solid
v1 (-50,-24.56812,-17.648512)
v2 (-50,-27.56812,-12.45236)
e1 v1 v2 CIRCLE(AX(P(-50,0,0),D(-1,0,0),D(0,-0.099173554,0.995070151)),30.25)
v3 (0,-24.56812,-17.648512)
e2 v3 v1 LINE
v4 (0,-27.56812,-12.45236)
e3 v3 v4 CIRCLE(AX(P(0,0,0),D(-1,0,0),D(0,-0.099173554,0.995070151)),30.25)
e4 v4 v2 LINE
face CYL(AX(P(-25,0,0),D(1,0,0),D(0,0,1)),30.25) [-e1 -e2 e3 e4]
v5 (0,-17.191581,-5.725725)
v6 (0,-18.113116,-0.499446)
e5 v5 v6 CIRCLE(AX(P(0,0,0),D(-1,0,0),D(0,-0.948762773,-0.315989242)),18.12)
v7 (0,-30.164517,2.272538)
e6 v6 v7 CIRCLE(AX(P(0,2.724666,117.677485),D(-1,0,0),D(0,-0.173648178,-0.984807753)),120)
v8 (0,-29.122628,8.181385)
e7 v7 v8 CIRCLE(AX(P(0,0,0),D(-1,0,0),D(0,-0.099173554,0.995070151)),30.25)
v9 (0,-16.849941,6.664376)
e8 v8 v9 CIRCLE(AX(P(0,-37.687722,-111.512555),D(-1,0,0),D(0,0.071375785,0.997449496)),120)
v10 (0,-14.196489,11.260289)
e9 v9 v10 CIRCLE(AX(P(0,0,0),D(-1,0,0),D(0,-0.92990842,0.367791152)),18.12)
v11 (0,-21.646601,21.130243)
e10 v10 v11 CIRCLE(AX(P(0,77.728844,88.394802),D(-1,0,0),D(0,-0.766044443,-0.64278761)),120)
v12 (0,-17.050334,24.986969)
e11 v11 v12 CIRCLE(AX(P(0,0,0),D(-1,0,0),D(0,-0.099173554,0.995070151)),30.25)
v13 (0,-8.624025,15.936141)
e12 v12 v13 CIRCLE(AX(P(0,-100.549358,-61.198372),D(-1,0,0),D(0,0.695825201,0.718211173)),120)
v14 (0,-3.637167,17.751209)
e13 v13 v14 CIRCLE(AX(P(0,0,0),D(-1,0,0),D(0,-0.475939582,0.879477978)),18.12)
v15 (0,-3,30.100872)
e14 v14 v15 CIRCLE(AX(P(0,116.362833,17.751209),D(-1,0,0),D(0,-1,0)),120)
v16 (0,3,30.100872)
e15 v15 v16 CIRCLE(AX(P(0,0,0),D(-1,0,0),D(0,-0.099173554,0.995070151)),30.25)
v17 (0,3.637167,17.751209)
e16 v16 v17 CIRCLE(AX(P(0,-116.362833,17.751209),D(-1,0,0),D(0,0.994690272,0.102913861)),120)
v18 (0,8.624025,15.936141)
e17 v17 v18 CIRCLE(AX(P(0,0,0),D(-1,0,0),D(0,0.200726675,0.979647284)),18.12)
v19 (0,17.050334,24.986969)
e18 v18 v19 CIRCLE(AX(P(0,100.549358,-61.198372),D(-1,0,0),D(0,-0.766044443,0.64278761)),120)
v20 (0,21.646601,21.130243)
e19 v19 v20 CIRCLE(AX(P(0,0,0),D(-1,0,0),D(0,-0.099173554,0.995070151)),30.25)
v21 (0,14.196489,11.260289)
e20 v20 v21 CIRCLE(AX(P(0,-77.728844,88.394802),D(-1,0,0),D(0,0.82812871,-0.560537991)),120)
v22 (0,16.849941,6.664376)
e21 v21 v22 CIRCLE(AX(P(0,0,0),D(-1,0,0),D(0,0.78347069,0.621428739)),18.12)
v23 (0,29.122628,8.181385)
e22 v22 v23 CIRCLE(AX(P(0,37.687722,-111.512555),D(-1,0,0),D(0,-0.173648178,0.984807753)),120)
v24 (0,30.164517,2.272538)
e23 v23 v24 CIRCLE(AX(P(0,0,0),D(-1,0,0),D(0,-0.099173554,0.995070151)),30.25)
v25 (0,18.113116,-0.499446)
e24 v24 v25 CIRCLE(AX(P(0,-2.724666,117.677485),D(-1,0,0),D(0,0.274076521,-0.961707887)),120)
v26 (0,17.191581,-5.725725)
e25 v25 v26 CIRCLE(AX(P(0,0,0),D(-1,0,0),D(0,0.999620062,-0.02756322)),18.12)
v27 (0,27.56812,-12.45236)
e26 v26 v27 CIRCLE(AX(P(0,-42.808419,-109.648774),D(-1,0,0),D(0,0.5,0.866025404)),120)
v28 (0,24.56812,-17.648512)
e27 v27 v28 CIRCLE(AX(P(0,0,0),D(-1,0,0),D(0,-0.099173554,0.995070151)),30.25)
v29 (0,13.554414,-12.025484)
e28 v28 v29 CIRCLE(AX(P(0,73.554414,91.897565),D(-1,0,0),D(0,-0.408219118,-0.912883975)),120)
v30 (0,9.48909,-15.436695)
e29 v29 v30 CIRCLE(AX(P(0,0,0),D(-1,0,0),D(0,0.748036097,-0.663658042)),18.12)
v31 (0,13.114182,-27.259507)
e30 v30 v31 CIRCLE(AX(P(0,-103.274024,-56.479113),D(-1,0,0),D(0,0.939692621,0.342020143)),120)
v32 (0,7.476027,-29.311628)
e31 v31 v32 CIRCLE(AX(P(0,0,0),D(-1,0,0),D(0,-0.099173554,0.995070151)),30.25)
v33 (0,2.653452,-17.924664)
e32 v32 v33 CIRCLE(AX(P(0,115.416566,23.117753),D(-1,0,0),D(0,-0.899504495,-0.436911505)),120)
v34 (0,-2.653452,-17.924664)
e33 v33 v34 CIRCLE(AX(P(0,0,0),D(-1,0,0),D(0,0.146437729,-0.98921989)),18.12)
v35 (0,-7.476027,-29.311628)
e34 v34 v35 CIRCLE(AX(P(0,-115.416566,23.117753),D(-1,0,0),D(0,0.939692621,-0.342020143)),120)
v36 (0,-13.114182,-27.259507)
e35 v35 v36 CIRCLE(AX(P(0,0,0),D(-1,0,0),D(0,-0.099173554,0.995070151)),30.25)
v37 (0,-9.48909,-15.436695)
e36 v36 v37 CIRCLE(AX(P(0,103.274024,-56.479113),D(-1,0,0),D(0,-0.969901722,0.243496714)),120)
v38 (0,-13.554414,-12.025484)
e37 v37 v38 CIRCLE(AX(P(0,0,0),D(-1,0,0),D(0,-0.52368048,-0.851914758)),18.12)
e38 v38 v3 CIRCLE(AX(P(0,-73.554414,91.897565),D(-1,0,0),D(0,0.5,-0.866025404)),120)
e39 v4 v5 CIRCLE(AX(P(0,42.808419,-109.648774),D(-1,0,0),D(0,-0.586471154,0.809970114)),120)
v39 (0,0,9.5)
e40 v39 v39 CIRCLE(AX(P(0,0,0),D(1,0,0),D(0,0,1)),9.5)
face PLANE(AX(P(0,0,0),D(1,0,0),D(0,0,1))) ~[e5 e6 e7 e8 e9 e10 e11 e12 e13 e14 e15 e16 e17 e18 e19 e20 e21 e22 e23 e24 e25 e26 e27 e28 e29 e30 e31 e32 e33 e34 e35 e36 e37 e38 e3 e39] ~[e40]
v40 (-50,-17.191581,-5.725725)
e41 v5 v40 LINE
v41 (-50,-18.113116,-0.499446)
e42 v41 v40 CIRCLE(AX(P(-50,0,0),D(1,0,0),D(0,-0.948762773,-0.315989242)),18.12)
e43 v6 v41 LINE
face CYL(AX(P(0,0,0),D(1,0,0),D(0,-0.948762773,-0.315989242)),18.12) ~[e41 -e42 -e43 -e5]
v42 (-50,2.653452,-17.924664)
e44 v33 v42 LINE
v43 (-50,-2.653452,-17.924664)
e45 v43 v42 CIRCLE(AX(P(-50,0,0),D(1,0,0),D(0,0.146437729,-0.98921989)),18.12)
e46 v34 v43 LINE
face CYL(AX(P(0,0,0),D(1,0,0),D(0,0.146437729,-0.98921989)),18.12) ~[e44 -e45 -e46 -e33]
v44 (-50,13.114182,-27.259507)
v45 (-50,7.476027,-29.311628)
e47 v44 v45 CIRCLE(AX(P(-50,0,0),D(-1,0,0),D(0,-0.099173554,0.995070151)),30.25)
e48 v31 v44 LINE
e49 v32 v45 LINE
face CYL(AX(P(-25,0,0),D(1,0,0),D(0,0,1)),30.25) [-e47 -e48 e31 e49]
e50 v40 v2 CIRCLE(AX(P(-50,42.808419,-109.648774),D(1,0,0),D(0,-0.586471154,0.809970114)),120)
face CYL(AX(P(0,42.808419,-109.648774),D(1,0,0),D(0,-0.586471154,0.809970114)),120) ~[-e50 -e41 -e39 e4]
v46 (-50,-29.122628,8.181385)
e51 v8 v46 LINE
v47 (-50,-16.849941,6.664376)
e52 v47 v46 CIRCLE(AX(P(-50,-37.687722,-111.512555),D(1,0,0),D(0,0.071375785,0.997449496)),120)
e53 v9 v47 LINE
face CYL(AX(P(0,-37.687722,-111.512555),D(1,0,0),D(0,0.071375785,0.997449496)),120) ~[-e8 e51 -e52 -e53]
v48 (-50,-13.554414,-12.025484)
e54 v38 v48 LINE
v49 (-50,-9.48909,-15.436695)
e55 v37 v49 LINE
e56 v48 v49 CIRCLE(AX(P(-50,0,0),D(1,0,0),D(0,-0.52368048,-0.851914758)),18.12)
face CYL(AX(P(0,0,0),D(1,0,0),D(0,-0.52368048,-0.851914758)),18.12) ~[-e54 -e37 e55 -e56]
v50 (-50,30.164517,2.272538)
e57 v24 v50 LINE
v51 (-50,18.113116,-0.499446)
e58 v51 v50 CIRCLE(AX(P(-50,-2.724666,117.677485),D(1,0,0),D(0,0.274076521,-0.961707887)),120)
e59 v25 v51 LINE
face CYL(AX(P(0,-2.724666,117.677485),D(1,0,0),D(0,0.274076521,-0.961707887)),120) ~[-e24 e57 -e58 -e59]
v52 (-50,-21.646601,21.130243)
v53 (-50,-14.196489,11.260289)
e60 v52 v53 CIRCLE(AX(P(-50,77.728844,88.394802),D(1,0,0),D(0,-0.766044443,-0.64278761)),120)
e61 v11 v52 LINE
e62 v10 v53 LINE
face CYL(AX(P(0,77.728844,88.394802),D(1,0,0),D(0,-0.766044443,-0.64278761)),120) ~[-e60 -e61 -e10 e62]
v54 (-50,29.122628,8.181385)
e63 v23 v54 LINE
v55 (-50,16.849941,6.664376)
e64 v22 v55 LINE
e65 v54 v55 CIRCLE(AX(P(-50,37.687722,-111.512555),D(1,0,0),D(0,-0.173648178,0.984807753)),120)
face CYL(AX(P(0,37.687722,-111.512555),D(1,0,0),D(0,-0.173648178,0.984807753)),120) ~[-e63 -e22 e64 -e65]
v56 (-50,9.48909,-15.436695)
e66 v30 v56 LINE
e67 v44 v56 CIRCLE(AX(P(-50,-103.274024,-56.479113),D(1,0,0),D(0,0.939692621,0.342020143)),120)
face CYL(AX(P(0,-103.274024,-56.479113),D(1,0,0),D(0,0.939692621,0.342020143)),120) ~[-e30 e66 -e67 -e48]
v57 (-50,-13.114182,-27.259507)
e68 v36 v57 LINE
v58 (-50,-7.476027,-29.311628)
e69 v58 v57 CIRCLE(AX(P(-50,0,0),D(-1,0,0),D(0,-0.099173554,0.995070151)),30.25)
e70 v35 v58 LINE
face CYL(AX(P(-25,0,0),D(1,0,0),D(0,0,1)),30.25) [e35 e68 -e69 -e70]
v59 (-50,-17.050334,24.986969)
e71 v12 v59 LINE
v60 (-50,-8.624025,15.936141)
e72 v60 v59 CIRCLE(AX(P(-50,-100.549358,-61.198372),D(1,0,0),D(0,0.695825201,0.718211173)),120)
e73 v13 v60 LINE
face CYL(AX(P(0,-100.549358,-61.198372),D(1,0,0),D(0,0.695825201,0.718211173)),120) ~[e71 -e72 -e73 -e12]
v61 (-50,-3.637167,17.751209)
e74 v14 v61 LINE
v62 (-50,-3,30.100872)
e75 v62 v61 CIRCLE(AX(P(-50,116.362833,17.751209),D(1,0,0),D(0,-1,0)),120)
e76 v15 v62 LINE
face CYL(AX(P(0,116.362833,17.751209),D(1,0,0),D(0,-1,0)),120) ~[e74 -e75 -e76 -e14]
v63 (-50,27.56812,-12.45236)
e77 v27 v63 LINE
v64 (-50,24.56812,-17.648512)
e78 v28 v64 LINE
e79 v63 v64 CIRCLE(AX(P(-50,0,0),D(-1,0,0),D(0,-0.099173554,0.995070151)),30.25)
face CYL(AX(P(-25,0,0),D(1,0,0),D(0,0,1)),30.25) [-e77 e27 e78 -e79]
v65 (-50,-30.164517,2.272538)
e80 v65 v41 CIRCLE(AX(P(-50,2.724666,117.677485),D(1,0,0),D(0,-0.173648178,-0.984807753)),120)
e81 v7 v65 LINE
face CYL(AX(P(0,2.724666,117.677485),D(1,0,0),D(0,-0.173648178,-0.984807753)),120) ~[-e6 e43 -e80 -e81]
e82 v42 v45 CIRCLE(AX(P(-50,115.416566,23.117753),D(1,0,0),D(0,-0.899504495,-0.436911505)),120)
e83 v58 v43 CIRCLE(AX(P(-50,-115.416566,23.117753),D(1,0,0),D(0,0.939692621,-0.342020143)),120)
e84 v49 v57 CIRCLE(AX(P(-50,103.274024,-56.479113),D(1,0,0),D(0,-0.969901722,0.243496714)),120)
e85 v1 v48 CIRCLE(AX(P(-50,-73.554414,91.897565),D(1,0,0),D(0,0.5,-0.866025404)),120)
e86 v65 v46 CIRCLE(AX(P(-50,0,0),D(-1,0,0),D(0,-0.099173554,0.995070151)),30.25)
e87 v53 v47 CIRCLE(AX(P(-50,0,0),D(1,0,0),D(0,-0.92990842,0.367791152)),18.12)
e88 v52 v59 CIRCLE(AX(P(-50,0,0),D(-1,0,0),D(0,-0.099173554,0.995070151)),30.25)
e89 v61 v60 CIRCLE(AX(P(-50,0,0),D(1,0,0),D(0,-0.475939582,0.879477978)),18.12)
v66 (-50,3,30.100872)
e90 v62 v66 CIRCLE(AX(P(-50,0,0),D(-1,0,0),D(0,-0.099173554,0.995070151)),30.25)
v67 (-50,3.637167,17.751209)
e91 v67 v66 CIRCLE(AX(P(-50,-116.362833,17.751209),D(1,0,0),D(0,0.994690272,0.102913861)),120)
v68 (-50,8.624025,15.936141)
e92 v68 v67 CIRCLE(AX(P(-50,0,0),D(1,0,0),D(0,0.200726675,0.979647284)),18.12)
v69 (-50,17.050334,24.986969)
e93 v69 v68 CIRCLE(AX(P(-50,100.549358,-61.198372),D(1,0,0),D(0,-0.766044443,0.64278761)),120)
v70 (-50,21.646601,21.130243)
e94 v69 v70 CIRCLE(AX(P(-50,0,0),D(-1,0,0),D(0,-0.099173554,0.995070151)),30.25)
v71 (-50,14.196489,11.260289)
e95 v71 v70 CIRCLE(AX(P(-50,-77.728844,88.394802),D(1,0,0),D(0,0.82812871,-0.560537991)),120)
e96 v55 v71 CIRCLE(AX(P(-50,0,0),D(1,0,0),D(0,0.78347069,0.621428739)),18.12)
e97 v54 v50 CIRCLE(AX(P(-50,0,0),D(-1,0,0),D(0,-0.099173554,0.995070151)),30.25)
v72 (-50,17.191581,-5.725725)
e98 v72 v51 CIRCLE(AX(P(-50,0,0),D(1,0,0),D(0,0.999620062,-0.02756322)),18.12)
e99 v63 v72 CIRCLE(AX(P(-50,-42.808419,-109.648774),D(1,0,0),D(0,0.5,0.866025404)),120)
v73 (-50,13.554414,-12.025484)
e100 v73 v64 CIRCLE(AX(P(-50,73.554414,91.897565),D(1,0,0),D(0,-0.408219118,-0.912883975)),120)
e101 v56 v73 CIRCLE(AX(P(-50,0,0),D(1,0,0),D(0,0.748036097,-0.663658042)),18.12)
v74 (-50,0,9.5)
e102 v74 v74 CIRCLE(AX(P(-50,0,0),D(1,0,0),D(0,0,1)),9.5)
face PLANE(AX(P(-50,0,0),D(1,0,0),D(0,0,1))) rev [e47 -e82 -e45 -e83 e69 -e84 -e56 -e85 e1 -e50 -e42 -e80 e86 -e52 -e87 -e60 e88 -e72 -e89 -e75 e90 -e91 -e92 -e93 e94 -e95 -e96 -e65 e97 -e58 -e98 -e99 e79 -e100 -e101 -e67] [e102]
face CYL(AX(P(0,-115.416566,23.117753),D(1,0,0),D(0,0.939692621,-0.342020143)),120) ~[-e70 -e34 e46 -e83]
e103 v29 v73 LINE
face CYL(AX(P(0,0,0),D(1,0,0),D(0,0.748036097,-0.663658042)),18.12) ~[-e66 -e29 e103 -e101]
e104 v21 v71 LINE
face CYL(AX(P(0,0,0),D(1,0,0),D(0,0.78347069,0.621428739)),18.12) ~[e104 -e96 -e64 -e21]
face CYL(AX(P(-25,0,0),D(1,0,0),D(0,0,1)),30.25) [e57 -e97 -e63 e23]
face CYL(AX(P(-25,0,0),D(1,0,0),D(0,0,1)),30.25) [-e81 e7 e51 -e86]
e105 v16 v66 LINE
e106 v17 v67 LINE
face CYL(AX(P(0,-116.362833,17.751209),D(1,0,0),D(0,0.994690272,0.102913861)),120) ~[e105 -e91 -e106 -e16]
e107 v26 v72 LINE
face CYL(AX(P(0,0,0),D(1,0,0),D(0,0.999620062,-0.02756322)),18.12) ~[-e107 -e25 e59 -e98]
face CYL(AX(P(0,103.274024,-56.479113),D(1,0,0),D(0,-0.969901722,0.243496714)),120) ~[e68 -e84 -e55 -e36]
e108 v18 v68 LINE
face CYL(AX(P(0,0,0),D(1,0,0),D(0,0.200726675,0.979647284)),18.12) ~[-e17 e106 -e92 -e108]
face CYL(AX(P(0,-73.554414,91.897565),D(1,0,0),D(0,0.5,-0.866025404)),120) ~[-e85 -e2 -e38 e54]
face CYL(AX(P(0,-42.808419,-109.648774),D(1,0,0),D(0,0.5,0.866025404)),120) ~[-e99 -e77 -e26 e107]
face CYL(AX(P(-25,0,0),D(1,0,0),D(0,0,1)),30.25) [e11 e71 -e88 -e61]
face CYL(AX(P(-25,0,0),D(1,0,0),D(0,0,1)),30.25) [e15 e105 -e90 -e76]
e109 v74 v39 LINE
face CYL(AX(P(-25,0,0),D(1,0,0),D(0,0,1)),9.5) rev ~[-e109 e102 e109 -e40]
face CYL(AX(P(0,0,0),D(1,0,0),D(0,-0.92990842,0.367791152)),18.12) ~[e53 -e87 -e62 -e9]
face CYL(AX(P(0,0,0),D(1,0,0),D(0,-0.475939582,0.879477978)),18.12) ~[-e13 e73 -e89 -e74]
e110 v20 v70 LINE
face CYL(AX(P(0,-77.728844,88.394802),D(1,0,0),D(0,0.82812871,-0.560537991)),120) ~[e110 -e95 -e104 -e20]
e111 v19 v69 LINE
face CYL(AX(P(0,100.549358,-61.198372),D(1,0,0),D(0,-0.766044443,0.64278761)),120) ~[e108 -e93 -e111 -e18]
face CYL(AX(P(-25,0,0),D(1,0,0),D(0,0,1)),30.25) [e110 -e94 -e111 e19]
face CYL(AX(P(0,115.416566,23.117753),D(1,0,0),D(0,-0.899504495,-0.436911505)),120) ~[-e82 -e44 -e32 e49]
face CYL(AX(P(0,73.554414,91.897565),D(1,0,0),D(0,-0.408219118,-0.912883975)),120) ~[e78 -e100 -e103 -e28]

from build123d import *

# Parameters (mm, degrees)
F0_W     = 50
F0_H     = 20.75
F3_DEPTH = 50.001
F4_COUNT = 9


with BuildPart() as f1:
    # F0 (on Front) → F1 (revolve)
    with BuildSketch(Plane.XZ):
        with Locations((-25, 19.875)):
            Rectangle(F0_W, F0_H)
    revolve(axis=Axis((-20.0732499361, 0, 0), (1, 0, 0)))

    # F2 (on face) → F3 (cut, through all)
    with BuildSketch(Plane.YZ):
        with BuildLine():
            ThreePointArc((-8.6240252272, 15.9361409658), (-6.1974049971, 17.0272302886), (-3.6371673564, 17.7512087932))
            ThreePointArc((-3.6371673564, 17.7512087932), (-3.4777696522, 23.9342534629), (-3, 30.1008720804))
            ThreePointArc((-3, 30.1008720804), (-10.3461093356, 28.4257017788), (-17.0503342847, 24.9869686193))
            ThreePointArc((-17.0503342847, 24.9869686193), (-12.7205154565, 20.5701691072), (-8.6240252272, 15.9361409658))
        make_face()
    f3 = extrude(amount=-F3_DEPTH, mode=Mode.SUBTRACT)

    # F4: F3 ×9 about axis
    f4_axis = Axis((-20.0732499361, 0, 0), (1, 0, 0))
    for i in range(1, F4_COUNT):
        add(f3.rotate(f4_axis, i * 360 / F4_COUNT), mode=Mode.SUBTRACT)


solid = f1.part
